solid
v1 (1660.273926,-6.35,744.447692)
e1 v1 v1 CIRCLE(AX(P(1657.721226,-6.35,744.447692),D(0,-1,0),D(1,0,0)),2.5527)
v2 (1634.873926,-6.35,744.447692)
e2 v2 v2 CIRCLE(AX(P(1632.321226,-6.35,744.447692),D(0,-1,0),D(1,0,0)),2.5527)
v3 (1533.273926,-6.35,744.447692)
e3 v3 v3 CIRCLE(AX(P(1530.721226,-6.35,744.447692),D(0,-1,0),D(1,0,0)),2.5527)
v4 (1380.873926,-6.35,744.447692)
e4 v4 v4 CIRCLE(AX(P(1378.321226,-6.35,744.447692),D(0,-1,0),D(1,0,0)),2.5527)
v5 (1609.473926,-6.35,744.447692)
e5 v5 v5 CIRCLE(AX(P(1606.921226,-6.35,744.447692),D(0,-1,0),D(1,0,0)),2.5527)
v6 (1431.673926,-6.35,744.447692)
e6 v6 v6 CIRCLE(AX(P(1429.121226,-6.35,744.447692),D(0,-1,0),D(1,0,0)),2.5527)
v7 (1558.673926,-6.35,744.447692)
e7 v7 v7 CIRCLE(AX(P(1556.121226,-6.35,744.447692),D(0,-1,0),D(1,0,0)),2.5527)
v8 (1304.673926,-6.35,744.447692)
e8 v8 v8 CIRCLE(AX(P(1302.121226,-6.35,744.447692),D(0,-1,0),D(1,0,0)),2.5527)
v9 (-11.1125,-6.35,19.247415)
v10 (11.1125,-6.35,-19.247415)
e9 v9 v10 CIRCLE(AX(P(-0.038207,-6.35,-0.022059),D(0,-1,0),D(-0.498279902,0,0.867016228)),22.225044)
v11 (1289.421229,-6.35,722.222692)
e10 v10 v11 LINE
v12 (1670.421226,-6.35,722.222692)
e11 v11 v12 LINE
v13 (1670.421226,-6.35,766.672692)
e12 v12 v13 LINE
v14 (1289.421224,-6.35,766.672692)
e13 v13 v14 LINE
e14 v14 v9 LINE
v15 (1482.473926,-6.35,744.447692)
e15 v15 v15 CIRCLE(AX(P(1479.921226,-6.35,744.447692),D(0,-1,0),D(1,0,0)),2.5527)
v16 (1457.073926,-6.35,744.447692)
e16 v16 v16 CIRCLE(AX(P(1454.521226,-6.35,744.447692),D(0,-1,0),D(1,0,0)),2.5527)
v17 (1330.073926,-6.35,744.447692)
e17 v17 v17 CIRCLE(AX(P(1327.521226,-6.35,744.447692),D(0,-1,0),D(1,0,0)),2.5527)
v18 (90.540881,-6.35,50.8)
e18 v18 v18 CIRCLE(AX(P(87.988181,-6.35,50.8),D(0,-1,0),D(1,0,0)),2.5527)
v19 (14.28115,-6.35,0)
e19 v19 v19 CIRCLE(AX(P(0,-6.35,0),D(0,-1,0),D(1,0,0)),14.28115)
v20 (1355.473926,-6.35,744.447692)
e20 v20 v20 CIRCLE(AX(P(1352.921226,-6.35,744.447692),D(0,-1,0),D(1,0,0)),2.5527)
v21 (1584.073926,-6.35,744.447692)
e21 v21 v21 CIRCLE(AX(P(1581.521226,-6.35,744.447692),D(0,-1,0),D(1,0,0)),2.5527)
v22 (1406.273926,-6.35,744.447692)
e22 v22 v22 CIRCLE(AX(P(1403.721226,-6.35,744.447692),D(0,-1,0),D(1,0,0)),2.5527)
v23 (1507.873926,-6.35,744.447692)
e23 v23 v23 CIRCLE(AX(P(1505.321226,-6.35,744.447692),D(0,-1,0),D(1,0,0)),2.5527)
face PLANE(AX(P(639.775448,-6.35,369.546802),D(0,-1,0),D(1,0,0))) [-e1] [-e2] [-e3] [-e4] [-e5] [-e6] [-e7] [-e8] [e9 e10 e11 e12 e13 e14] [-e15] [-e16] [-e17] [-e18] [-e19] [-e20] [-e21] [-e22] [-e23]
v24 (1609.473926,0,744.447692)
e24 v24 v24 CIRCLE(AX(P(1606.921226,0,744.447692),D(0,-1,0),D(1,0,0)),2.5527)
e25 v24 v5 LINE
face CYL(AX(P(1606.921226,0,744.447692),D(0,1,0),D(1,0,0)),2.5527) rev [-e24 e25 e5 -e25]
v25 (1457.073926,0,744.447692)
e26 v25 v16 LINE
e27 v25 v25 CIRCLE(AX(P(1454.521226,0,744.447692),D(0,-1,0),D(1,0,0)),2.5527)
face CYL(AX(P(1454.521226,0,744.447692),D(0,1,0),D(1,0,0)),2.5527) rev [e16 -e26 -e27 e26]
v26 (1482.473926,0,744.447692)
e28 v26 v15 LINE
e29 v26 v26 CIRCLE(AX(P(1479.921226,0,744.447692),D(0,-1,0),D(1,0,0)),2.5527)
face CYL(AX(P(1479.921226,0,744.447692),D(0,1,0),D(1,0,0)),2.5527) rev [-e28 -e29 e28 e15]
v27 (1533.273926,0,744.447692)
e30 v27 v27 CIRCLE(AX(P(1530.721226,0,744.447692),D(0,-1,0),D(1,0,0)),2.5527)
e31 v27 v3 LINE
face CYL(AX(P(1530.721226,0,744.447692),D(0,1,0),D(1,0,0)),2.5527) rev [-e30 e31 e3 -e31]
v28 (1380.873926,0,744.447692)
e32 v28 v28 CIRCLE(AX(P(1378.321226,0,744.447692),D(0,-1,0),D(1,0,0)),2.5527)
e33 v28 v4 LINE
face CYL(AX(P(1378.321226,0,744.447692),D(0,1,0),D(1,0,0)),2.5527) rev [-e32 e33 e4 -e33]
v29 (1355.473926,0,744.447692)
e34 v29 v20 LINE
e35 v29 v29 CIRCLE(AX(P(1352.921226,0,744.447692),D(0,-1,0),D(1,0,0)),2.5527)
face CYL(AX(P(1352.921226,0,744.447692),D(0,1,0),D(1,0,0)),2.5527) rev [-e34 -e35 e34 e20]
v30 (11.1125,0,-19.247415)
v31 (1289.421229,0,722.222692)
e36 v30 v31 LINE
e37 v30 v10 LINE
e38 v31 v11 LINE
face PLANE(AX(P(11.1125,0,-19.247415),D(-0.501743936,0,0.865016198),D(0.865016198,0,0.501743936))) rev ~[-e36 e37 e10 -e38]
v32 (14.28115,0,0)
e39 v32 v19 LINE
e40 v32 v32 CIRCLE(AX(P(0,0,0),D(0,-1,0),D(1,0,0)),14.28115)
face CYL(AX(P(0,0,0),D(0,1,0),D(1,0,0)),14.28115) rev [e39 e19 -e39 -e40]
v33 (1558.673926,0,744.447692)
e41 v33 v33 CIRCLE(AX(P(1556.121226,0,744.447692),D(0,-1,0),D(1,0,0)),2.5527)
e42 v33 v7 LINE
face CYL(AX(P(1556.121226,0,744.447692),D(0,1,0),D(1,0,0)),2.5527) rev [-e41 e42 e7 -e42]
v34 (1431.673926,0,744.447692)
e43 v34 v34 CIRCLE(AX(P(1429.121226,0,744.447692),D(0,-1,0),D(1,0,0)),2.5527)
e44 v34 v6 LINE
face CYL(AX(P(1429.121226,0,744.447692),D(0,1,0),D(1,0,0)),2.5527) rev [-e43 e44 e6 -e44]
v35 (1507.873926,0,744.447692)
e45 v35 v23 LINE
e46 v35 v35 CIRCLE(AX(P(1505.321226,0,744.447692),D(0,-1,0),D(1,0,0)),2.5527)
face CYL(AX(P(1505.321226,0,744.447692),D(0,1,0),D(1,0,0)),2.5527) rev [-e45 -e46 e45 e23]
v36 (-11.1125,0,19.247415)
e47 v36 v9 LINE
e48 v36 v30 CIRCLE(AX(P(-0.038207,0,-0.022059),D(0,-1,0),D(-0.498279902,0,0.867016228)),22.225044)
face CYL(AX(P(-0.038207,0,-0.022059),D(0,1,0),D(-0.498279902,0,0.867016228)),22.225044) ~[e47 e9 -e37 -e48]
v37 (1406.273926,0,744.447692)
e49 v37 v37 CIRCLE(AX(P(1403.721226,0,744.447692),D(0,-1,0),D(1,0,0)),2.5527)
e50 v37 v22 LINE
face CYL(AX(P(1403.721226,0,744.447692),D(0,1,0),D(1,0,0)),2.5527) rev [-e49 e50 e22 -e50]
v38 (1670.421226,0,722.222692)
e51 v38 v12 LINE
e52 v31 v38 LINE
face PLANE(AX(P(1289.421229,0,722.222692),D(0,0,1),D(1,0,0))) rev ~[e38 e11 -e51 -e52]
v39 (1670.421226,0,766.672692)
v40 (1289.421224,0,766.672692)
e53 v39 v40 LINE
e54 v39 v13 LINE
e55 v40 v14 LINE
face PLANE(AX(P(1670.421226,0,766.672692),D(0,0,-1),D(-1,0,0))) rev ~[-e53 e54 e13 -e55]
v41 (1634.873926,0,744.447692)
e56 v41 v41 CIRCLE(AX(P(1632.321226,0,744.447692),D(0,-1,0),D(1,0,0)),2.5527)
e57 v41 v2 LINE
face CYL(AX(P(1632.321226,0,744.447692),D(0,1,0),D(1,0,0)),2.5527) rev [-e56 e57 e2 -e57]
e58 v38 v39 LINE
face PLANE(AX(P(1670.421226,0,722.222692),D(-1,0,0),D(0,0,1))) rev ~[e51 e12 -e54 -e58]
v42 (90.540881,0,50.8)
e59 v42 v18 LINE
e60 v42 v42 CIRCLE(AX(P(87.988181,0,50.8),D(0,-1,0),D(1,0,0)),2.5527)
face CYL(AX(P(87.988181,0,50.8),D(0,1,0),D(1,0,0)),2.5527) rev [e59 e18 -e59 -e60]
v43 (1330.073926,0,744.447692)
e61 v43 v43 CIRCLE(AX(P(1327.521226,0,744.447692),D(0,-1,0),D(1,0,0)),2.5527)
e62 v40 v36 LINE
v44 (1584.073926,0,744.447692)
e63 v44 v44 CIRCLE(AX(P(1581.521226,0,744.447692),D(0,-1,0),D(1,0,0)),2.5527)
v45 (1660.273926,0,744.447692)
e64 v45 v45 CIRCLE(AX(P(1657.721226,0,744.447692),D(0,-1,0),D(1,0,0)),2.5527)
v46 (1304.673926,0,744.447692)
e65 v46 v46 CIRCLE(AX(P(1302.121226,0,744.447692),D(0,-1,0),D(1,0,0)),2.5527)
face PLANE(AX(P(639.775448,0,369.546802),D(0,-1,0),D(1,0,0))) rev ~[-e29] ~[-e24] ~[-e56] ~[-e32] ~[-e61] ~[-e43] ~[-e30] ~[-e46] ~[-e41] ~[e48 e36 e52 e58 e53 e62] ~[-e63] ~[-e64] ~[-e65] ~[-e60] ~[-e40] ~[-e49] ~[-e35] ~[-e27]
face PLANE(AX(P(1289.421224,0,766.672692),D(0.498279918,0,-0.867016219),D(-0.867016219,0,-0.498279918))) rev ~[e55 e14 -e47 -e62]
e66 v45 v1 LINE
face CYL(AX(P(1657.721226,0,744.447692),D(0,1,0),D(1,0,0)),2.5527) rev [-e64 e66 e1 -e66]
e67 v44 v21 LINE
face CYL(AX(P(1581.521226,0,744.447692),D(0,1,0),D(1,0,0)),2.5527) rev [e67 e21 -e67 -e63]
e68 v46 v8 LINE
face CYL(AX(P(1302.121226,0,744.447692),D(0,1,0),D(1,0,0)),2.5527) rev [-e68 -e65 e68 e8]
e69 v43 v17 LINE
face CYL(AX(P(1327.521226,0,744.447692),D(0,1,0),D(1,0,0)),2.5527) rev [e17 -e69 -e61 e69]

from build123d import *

# Parameters (mm, degrees)
F0_R     = 14.28115
F0_R_2   = 2.5527
F1_DEPTH = 6.35


with BuildPart() as f1:
    # F0 (on Front) → F1 (new body)
    with BuildSketch(Plane.XZ):
        with BuildLine():
            Line((1289.421224, 766.672692), (-11.1125, 19.247415))
            ThreePointArc((-11.1125, 19.247415), (-19.28566, -11.134581), (11.1125, -19.247415))
            Line((11.1125, -19.247415), (1289.421229, 722.222692))
            Line((1289.421229, 722.222692), (1289.421224, 766.672692))
        make_face()
        Circle(F0_R, mode=Mode.SUBTRACT)
        with Locations((87.988181, 50.8)):
            Circle(F0_R_2, mode=Mode.SUBTRACT)
        Polygon((1670.421226, 766.672692), (1289.421224, 766.672692), (1289.421229, 722.222692), (1670.421226, 722.222692), align=None)
        with Locations((1302.121226, 744.447692)):
            Circle(F0_R_2, mode=Mode.SUBTRACT)
        with Locations((1327.521226, 744.447692)):
            Circle(F0_R_2, mode=Mode.SUBTRACT)
        with Locations((1352.921226, 744.447692)):
            Circle(F0_R_2, mode=Mode.SUBTRACT)
        with Locations((1378.321226, 744.447692)):
            Circle(F0_R_2, mode=Mode.SUBTRACT)
        with Locations((1403.721226, 744.447692)):
            Circle(F0_R_2, mode=Mode.SUBTRACT)
        with Locations((1429.121226, 744.447692)):
            Circle(F0_R_2, mode=Mode.SUBTRACT)
        with Locations((1454.521226, 744.447692)):
            Circle(F0_R_2, mode=Mode.SUBTRACT)
        with Locations((1479.921226, 744.447692)):
            Circle(F0_R_2, mode=Mode.SUBTRACT)
        with Locations((1505.321226, 744.447692)):
            Circle(F0_R_2, mode=Mode.SUBTRACT)
        with Locations((1530.721226, 744.447692)):
            Circle(F0_R_2, mode=Mode.SUBTRACT)
        with Locations((1556.121226, 744.447692)):
            Circle(F0_R_2, mode=Mode.SUBTRACT)
        with Locations((1581.521226, 744.447692)):
            Circle(F0_R_2, mode=Mode.SUBTRACT)
        with Locations((1606.921226, 744.447692)):
            Circle(F0_R_2, mode=Mode.SUBTRACT)
        with Locations((1632.321226, 744.447692)):
            Circle(F0_R_2, mode=Mode.SUBTRACT)
        with Locations((1657.721226, 744.447692)):
            Circle(F0_R_2, mode=Mode.SUBTRACT)
    extrude(amount=F1_DEPTH)


solid = f1.part
